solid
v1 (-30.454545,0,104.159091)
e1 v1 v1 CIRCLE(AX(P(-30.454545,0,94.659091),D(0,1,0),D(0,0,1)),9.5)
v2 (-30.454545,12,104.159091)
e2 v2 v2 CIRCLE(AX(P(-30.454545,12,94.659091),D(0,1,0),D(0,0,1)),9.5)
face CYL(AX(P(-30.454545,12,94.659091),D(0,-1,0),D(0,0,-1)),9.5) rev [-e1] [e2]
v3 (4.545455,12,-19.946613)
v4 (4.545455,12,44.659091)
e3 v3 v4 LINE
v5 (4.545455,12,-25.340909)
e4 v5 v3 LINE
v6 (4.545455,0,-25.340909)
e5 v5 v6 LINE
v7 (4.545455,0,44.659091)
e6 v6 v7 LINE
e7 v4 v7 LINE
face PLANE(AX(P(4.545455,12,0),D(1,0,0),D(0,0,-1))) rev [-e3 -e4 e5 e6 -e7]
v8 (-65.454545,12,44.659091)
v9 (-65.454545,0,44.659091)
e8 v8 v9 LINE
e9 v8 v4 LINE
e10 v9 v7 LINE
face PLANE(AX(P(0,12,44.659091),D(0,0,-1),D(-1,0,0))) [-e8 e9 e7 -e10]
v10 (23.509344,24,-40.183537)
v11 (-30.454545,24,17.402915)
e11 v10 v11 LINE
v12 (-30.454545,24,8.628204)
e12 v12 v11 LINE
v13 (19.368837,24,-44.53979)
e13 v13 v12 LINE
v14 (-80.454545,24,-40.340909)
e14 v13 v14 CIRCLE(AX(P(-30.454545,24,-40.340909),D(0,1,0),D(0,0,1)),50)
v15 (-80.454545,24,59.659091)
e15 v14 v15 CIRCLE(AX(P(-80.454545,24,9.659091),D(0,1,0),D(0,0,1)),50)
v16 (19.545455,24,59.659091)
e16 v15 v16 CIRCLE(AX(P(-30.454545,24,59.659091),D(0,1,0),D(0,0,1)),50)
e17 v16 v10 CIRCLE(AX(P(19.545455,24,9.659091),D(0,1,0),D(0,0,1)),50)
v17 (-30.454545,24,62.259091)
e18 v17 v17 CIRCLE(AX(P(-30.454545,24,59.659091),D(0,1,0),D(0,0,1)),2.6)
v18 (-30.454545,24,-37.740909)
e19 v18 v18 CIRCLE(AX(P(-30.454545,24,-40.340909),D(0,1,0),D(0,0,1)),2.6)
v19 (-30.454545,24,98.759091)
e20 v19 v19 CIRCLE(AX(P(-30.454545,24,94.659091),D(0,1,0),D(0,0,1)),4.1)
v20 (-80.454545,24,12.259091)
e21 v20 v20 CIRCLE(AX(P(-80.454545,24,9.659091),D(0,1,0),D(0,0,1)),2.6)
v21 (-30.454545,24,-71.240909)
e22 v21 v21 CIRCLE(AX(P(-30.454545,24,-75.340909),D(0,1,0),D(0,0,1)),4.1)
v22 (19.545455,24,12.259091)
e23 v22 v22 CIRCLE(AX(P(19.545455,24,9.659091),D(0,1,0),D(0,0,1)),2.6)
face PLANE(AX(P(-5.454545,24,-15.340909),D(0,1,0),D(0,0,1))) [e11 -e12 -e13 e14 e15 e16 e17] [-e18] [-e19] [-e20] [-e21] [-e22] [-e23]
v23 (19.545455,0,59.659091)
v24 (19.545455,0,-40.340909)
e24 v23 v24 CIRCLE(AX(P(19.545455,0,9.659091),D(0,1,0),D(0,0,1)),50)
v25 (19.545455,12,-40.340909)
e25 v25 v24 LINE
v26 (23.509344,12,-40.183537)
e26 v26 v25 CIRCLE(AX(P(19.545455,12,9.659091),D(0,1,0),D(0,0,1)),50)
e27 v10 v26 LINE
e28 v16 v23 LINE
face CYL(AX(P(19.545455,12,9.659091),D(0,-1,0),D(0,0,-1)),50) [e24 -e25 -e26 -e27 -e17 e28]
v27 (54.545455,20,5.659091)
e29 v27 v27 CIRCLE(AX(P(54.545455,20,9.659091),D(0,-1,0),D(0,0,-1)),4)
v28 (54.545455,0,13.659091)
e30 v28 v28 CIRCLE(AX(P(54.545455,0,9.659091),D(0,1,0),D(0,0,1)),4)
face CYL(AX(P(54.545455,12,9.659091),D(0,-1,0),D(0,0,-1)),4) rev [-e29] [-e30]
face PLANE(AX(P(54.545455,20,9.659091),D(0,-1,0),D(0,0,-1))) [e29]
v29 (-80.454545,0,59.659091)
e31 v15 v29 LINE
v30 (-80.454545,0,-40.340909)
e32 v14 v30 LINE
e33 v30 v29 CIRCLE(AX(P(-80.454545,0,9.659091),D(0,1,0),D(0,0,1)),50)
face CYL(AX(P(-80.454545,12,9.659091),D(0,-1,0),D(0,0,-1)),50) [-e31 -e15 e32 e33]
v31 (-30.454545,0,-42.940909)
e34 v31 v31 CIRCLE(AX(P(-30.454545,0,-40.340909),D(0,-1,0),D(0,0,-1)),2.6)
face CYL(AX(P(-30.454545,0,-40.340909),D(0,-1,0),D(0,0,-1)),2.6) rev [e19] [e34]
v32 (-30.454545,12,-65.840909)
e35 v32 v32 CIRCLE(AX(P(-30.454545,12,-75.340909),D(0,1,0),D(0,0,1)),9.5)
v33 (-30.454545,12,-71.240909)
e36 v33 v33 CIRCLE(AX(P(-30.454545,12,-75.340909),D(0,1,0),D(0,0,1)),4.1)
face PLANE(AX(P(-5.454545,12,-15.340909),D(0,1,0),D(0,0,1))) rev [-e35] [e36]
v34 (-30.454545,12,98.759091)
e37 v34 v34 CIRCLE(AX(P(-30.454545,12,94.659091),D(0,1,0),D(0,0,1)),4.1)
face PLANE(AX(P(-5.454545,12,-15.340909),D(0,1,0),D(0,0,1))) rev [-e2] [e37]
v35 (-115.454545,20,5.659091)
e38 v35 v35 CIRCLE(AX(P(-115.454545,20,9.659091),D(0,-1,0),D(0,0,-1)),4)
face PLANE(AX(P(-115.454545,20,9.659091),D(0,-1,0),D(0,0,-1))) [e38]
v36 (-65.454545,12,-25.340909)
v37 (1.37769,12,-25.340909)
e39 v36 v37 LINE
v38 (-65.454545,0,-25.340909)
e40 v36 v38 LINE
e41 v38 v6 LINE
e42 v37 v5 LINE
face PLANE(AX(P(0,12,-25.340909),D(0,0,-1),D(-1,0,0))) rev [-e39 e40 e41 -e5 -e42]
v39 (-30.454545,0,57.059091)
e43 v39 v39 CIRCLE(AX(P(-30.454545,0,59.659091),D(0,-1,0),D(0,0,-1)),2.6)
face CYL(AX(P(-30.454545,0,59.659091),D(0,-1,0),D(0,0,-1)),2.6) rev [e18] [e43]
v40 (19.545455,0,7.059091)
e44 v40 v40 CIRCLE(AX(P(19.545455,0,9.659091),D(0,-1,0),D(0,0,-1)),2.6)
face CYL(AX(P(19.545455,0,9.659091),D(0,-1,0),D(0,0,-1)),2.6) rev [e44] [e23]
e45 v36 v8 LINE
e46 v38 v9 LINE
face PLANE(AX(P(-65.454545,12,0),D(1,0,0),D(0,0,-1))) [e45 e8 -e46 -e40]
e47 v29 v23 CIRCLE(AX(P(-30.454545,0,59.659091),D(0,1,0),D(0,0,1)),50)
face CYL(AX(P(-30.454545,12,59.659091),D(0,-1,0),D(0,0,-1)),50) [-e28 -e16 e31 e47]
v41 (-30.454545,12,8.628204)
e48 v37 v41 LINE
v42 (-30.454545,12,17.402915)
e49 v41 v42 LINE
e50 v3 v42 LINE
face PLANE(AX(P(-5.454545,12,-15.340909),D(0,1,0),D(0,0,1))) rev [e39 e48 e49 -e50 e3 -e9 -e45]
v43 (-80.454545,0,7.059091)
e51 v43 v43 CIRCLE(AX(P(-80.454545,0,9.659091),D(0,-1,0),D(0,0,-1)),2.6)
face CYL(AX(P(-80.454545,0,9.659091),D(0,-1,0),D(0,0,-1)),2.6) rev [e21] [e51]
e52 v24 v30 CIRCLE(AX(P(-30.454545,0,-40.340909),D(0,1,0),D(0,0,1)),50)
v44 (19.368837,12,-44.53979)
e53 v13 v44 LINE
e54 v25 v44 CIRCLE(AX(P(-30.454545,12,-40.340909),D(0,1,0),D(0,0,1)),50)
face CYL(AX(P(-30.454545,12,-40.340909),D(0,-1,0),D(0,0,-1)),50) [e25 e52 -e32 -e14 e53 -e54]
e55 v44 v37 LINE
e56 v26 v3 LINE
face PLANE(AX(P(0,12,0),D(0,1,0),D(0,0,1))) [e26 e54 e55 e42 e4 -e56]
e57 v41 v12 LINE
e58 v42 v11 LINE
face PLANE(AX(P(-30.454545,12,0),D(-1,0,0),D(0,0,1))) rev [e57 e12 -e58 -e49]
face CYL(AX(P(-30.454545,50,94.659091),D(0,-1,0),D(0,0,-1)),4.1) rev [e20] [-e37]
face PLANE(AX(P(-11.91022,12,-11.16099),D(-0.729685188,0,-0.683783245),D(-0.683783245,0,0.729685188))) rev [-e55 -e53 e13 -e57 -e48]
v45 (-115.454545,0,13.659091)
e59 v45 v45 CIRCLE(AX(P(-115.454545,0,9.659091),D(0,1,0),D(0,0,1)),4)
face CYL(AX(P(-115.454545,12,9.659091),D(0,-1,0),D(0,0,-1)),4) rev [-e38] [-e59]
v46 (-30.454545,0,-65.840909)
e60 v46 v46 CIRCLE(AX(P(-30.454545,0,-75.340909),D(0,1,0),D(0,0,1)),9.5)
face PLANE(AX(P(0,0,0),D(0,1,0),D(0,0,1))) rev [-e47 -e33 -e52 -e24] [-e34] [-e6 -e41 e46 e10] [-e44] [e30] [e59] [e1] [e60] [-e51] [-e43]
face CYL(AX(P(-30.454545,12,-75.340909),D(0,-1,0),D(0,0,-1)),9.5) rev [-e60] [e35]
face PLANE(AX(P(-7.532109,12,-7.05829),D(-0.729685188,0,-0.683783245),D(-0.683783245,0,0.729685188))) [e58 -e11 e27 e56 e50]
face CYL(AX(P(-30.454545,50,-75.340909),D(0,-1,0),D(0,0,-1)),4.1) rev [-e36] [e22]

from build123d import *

# Parameters (mm, degrees)
IZIM1_R                              = 9.5
IZIM1_R_2                            = 4
IZIM1_W                              = 70
IZIM1_H                              = 70
Y_KSEKLIK_EKSTR_ZYON1_DEPTH          = 12
Y_KSEKLIK_EKSTR_ZYON2_DEPTH          = 12
KES_EKSTR_ZYON1_START                = -12
KES_EKSTR_ZYON1_DEPTH                = 12
IZIM6_R                              = 4
KES_EKSTR_ZYON4_DEPTH                = 20
M5_HELISARMAL_I_IN_Z_VANA_MATKAB_1_D = 5.2
IZIM9_R                              = 4.1
KES_EKSTR_ZYON5_DEPTH                = 50


with BuildPart() as part:
    # Çizim1 → Yükseklik-Ekstrüzyon1 (new body)
    with BuildSketch(Plane(origin=(0, 0, 0), x_dir=(1, 0, 0), z_dir=(0, 1, 0))):
        with BuildLine():
            ThreePointArc((19.545454545, 40.340909091), (-30.454545455, 90.340909091), (-80.454545455, 40.340909091))
            ThreePointArc((-80.454545455, 40.340909091), (-130.454545455, -9.659090909), (-80.454545455, -59.659090909))
            ThreePointArc((-80.454545455, -59.659090909), (-30.454545455, -109.659090909), (19.545454545, -59.659090909))
            ThreePointArc((19.545454545, -59.659090909), (69.545454545, -9.659090909), (19.545454545, 40.340909091))
        make_face()
        with Locations(Location((-30.454545455, -94.659090909, 0), (0, 0, 270))):
            Circle(IZIM1_R, mode=Mode.SUBTRACT)
        with Locations(Location((-30.454545455, 75.340909091, 0), (0, 0, 270))):
            Circle(IZIM1_R, mode=Mode.SUBTRACT)
        with Locations(Location((54.545454545, -9.659090909, 0), (0, 0, 270))):
            Circle(IZIM1_R_2, mode=Mode.SUBTRACT)
        with Locations(Location((-115.454545455, -9.659090909, 0), (0, 0, 270))):
            Circle(IZIM1_R_2, mode=Mode.SUBTRACT)
        with Locations((-30.454545455, -9.659090909)):
            Rectangle(IZIM1_W, IZIM1_H, mode=Mode.SUBTRACT)
    extrude(amount=Y_KSEKLIK_EKSTR_ZYON1_DEPTH)

    # Çizim2 → Yükseklik-Ekstrüzyon2 (add)
    with BuildSketch(Plane(origin=(0, 12, 0), x_dir=(1, 0, 0), z_dir=(0, 1, 0))):
        with BuildLine():
            ThreePointArc((19.545454545, 40.340909091), (-30.454545455, 90.340909091), (-80.454545455, 40.340909091))
            ThreePointArc((-80.454545455, 40.340909091), (-130.454545455, -9.659090909), (-80.454545455, -59.659090909))
            ThreePointArc((-80.454545455, -59.659090909), (-30.454545455, -109.659090909), (19.545454545, -59.659090909))
            ThreePointArc((19.545454545, -59.659090909), (69.545454545, -9.659090909), (19.545454545, 40.340909091))
        make_face()
    extrude(amount=Y_KSEKLIK_EKSTR_ZYON2_DEPTH)

    # Çizim3 → Kes-Ekstrüzyon1 (cut)
    with BuildSketch(Plane(origin=(0, 24, 0), x_dir=(1, 0, 0), z_dir=(0, 1, 0)).offset(KES_EKSTR_ZYON1_START)):
        with BuildLine():
            Line((-30.454545455, -8.628204493), (-30.454545455, -17.402914961))
            Line((-30.454545455, -17.402914961), (23.509344434, 40.183537201))
            ThreePointArc((23.509344434, 40.183537201), (21.528960845, 40.301550628), (19.545454545, 40.340909091))
            ThreePointArc((19.545454545, 40.340909091), (19.501280543, 42.442206057), (19.368836588, 44.539790114))
            Line((19.368836588, 44.539790114), (-30.454545455, -8.628204493))
        make_face()
    extrude(amount=KES_EKSTR_ZYON1_DEPTH, mode=Mode.SUBTRACT)

    # Çizim6 → Kes-Ekstrüzyon4 (cut)
    with BuildSketch(Plane.XZ):
        with Locations(Location((-115.454545455, 9.659090909, 0), (0, 0, 270))):
            Circle(IZIM6_R)
        with Locations(Location((54.545454545, 9.659090909, 0), (0, 0, 270))):
            Circle(IZIM6_R)
    extrude(amount=-KES_EKSTR_ZYON4_DEPTH, mode=Mode.SUBTRACT)

    # M5 Helisarmal için Zıvana matkabı1 (through all)
    with Locations(Plane(origin=(-80.454545455, 0, 9.659090909), x_dir=(0, 0, -1), z_dir=(0, -1, 0))):
        with Locations((0, 0), (-50, 50), (0, 100), (50, 50)):
            Hole(M5_HELISARMAL_I_IN_Z_VANA_MATKAB_1_D / 2)

    # Çizim9 → Kes-Ekstrüzyon5 (cut)
    with BuildSketch(Plane.XZ):
        with Locations(Location((-30.454545455, 94.659090909, 0), (0, 0, 90))):
            Circle(IZIM9_R)
        with Locations(Location((-30.454545455, -75.340909091, 0), (0, 0, 90))):
            Circle(IZIM9_R)
    extrude(amount=-KES_EKSTR_ZYON5_DEPTH, mode=Mode.SUBTRACT)


solid = part.part
